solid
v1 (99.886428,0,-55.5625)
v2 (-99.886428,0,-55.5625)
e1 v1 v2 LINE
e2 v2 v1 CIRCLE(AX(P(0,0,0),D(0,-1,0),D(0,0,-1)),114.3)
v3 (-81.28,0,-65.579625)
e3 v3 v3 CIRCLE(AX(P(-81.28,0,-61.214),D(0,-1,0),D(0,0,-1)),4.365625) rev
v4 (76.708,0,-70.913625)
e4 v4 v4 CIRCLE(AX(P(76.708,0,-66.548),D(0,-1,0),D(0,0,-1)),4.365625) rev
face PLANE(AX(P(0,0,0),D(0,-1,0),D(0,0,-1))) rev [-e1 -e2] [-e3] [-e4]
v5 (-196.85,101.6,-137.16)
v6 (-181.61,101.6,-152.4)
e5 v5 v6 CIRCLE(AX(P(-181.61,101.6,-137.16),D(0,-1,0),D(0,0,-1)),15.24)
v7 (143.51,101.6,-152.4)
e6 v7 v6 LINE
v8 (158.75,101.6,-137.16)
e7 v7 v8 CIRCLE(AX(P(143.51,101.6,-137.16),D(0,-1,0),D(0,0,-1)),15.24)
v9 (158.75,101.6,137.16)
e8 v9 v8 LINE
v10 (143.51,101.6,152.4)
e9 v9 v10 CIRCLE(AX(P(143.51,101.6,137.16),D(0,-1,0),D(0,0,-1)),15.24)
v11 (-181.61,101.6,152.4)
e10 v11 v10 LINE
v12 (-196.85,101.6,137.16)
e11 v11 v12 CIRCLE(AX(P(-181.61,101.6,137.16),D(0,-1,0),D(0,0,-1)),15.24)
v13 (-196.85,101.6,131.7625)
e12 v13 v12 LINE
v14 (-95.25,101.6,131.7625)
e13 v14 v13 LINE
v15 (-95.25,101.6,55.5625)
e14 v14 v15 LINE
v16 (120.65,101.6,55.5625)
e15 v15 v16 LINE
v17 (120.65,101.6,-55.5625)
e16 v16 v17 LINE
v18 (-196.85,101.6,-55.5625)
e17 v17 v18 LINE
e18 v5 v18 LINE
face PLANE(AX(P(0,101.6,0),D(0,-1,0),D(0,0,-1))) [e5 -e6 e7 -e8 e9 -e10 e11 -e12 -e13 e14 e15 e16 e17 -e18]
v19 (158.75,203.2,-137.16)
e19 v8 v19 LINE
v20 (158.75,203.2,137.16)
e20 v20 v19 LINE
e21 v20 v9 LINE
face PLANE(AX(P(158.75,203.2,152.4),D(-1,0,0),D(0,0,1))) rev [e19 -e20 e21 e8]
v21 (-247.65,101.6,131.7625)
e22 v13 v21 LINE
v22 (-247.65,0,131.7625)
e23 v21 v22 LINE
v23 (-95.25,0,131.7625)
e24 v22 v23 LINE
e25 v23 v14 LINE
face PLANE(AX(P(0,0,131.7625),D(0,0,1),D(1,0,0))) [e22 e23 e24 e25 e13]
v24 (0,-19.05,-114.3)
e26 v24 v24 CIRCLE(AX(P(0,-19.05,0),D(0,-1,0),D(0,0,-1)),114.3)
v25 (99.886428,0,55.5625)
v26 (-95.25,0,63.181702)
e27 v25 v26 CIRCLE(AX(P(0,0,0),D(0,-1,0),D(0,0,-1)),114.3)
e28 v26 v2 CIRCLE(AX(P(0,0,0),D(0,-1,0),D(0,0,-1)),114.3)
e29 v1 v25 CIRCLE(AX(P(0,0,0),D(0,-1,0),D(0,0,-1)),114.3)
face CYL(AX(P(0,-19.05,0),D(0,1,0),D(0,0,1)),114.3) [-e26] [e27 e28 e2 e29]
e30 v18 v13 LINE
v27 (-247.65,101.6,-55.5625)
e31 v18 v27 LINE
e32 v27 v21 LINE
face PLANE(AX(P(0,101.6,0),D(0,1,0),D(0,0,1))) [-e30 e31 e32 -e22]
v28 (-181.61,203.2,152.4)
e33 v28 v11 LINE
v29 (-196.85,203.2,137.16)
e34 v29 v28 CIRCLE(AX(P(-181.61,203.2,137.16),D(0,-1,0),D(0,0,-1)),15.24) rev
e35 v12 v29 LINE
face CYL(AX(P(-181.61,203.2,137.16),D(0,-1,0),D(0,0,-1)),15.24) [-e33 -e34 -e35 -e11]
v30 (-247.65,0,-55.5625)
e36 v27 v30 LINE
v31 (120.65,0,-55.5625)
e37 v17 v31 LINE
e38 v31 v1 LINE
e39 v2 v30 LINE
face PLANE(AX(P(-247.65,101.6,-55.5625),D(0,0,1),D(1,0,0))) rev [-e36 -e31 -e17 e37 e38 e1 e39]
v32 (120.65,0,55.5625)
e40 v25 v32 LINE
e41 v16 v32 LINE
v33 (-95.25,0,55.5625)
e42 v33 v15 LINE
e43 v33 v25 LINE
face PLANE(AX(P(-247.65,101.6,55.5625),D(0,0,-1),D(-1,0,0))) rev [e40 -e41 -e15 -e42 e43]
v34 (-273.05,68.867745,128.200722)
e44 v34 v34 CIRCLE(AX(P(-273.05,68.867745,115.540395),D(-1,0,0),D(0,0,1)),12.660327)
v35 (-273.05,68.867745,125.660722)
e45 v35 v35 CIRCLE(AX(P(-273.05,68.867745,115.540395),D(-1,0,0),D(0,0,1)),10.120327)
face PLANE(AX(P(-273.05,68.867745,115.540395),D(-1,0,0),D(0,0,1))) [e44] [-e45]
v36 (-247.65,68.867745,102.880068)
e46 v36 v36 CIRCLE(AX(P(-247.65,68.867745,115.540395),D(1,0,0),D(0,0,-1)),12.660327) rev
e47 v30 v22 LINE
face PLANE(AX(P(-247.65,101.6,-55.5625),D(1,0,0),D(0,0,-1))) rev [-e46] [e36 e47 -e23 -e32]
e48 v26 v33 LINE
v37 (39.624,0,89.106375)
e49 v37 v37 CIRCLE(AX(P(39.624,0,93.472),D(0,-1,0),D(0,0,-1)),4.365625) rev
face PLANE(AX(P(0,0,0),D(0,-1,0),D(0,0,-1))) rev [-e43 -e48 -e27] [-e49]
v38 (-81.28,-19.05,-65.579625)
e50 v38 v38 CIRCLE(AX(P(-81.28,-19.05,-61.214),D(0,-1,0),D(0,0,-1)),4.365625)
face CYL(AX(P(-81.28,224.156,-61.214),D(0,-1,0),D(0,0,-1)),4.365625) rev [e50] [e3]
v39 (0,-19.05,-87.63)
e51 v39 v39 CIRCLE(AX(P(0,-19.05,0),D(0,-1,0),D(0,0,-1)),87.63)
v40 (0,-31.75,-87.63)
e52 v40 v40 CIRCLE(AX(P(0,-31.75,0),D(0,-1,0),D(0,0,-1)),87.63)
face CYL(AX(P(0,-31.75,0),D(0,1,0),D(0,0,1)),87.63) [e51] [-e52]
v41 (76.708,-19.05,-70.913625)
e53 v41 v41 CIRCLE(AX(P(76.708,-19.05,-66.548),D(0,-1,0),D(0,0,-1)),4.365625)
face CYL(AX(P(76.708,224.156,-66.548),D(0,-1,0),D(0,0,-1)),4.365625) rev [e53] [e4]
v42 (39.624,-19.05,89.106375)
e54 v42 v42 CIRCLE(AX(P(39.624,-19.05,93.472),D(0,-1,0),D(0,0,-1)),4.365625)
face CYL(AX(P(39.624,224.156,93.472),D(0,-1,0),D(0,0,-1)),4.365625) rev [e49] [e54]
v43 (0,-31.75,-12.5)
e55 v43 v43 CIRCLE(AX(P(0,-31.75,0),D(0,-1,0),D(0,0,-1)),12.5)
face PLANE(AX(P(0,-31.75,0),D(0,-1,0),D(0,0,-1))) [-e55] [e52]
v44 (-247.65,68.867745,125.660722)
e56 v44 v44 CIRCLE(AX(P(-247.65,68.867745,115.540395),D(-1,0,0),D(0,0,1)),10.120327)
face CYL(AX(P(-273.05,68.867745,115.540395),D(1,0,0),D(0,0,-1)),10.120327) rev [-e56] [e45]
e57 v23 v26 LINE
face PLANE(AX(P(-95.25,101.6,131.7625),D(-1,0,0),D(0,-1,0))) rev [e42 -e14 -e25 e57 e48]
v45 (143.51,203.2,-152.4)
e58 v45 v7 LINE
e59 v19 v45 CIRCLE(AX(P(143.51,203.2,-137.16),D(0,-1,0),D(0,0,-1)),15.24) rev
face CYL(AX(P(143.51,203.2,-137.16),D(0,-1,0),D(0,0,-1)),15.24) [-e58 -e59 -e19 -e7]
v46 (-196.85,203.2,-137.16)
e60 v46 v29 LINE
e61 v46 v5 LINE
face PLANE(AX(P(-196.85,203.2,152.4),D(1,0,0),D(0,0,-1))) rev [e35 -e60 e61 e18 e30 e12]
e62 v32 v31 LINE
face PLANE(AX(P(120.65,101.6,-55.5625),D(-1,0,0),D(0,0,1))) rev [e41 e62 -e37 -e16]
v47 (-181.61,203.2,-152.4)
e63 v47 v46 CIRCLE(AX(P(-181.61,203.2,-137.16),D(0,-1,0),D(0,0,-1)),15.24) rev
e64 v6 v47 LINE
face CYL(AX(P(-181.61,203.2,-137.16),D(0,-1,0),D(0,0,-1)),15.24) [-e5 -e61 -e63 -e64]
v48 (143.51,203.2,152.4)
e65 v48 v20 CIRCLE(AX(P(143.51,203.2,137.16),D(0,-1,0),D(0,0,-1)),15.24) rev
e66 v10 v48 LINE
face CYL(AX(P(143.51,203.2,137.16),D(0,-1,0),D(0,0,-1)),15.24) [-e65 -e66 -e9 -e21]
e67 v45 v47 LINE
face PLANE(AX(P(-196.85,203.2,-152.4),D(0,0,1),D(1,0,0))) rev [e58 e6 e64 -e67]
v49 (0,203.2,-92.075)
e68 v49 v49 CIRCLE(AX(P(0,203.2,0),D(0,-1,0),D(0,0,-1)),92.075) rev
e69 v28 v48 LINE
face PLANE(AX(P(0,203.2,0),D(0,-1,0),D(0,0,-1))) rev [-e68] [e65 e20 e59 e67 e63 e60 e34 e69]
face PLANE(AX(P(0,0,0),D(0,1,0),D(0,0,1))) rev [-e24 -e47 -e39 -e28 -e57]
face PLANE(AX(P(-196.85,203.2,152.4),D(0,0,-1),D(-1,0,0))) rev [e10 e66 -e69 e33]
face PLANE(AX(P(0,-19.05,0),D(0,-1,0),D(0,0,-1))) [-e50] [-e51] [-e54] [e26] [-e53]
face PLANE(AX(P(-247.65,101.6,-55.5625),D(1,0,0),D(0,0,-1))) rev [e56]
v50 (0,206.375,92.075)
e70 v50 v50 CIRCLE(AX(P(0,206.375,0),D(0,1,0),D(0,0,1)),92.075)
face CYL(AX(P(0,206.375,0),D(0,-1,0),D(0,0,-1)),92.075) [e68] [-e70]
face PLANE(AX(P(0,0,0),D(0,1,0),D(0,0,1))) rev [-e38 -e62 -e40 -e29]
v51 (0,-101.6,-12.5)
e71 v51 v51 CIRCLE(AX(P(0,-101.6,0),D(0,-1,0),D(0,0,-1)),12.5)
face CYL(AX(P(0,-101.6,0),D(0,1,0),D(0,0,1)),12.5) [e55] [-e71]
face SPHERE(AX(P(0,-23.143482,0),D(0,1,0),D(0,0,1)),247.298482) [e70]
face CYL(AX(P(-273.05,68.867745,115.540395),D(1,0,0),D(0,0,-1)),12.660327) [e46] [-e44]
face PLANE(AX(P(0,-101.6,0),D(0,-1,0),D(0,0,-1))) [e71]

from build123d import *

# Parameters (mm, degrees)
SKETCH1_W           = 368.3
SKETCH1_H           = 111.125
BOSS_EXTRUDE1_DEPTH = 101.6
SKETCH2_R           = 114.3
BOSS_EXTRUDE2_DEPTH = 19.05
SKETCH3_R           = 87.63
BOSS_EXTRUDE3_DEPTH = 12.7
SKETCH4_R           = 12.5
BOSS_EXTRUDE4_DEPTH = 69.85
SKETCH5_W           = 355.6
SKETCH5_H           = 304.8
BOSS_EXTRUDE5_DEPTH = 101.6
SKETCH6_R           = 92.075
BOSS_EXTRUDE6_DEPTH = 3.175
DOME1_FACE_RADIUS   = 92.075
DOME1_HEIGHT        = 17.78
FILLET1_R           = 15.24
SKETCH7_W           = 152.4
SKETCH7_H           = 101.6
BOSS_EXTRUDE7_DEPTH = 76.2
SKETCH8_R           = 12.660326574
SKETCH8_R_2         = 10.120326574
EXTRUDE_THIN1_DEPTH = 25.4
CUT_EXTRUDE1_REACH  = 245.205
SKETCH9_R           = 4.365625


with BuildPart() as part:
    # Sketch1 → Boss-Extrude1 (new body)
    with BuildSketch(Plane(origin=(0, 0, 0), x_dir=(1, 0, 0), z_dir=(0, 1, 0))):
        with Locations((-63.5, 0)):
            Rectangle(SKETCH1_W, SKETCH1_H)
    extrude(amount=BOSS_EXTRUDE1_DEPTH)

    # Sketch2 → Boss-Extrude2 (add)
    with BuildSketch(Plane.XZ):
        with Locations(Location((0, 0, 0), (0, 0, 29.085295061))):  # turned: the seam where the file's is
            Circle(SKETCH2_R)
    extrude(amount=BOSS_EXTRUDE2_DEPTH)

    # Sketch3 → Boss-Extrude3 (add)
    with BuildSketch(Plane.XZ.offset(19.05)):
        with Locations(Location((0, 0, 0), (0, 0, 270))):  # turned: the seam where the file's is
            Circle(SKETCH3_R)
    extrude(amount=BOSS_EXTRUDE3_DEPTH)

    # Sketch4 → Boss-Extrude4 (add)
    with BuildSketch(Plane.XZ.offset(31.75)):
        with Locations(Location((0, 0, 0), (0, 0, 270))):  # turned: the seam where the file's is
            Circle(SKETCH4_R)
    extrude(amount=BOSS_EXTRUDE4_DEPTH)

    # Sketch5 → Boss-Extrude5 (add)
    with BuildSketch(Plane(origin=(0, 101.6, 0), x_dir=(1, 0, 0), z_dir=(0, 1, 0))):
        with Locations((-19.05, 0)):
            Rectangle(SKETCH5_W, SKETCH5_H)
    extrude(amount=BOSS_EXTRUDE5_DEPTH)

    # Sketch6 → Boss-Extrude6 (add)
    with BuildSketch(Plane(origin=(0, 203.2, 0), x_dir=(1, 0, 0), z_dir=(0, 1, 0))):
        with Locations(Location((0, 0, 0), (0, 0, 90))):  # turned: the seam where the file's is
            Circle(SKETCH6_R)
    extrude(amount=BOSS_EXTRUDE6_DEPTH)

    # Dome1: a dome of height H over a round flat face of radius A is a cap of a sphere of radius (A * A + H * H) / (2 * H)
    dome1_r = (DOME1_FACE_RADIUS * DOME1_FACE_RADIUS + DOME1_HEIGHT * DOME1_HEIGHT) / (2 * DOME1_HEIGHT)
    dome1_base = Plane((0, 206.375, 0), z_dir=(0, 1, 0))
    with Locations(dome1_base.offset(DOME1_HEIGHT - dome1_r)):
        dome1_ball = Sphere(dome1_r, mode=Mode.PRIVATE)
    add(split(dome1_ball, bisect_by=dome1_base, keep=Keep.TOP, mode=Mode.PRIVATE))

    # Fillet1
    fillet1_edges = [part.edges().sort_by_distance(p)[0] for p in [
        (158.75, 152.4, 152.4),
        (158.75, 152.4, -152.4),
        (-196.85, 152.4, -152.4),
        (-196.85, 152.4, 152.4),
    ]]
    fillet(fillet1_edges, radius=FILLET1_R)

    # Sketch7 → Boss-Extrude7 (add)
    with BuildSketch(Plane.XY.offset(55.5625)):
        with Locations((-171.45, 50.8)):
            Rectangle(SKETCH7_W, SKETCH7_H)
    extrude(amount=BOSS_EXTRUDE7_DEPTH)

    # Sketch8 → Extrude-Thin1 (add)
    with BuildSketch(Plane.ZY.offset(247.65)):
        with Locations((115.540395057, 68.867744931)):
            Circle(SKETCH8_R)
        with Locations((115.540395057, 68.867744931)):
            Circle(SKETCH8_R_2, mode=Mode.SUBTRACT)
    extrude(amount=EXTRUDE_THIN1_DEPTH)

    # Sketch9 → Cut-Extrude1 (cut, up to next)
    with BuildSketch(Plane.XZ.offset(19.05), mode=Mode.PRIVATE) as cut_extrude1_sk1:
        with Locations(Location((39.624, 93.472, 0), (0, 0, 270))):  # turned: the seam where the file's is
            Circle(SKETCH9_R)
    cut_extrude1_tool1 = extrude(cut_extrude1_sk1.sketch, amount=-CUT_EXTRUDE1_REACH, mode=Mode.PRIVATE) & part.part
    add(cut_extrude1_tool1.solids().sort_by_distance((39.624, -19.05, 93.472))[0], mode=Mode.SUBTRACT)
    # Sketch9 → Cut-Extrude1 (cut, up to next)
    with BuildSketch(Plane.XZ.offset(19.05), mode=Mode.PRIVATE) as cut_extrude1_sk2:
        with Locations(Location((76.708, -66.548, 0), (0, 0, 270))):  # turned: the seam where the file's is
            Circle(SKETCH9_R)
    cut_extrude1_tool2 = extrude(cut_extrude1_sk2.sketch, amount=-CUT_EXTRUDE1_REACH, mode=Mode.PRIVATE) & part.part
    add(cut_extrude1_tool2.solids().sort_by_distance((76.708, -19.05, -66.548))[0], mode=Mode.SUBTRACT)
    # Sketch9 → Cut-Extrude1 (cut, up to next)
    with BuildSketch(Plane.XZ.offset(19.05), mode=Mode.PRIVATE) as cut_extrude1_sk3:
        with Locations(Location((-81.28, -61.214, 0), (0, 0, 270))):  # turned: the seam where the file's is
            Circle(SKETCH9_R)
    cut_extrude1_tool3 = extrude(cut_extrude1_sk3.sketch, amount=-CUT_EXTRUDE1_REACH, mode=Mode.PRIVATE) & part.part
    add(cut_extrude1_tool3.solids().sort_by_distance((-81.28, -19.05, -61.214))[0], mode=Mode.SUBTRACT)


solid = part.part
